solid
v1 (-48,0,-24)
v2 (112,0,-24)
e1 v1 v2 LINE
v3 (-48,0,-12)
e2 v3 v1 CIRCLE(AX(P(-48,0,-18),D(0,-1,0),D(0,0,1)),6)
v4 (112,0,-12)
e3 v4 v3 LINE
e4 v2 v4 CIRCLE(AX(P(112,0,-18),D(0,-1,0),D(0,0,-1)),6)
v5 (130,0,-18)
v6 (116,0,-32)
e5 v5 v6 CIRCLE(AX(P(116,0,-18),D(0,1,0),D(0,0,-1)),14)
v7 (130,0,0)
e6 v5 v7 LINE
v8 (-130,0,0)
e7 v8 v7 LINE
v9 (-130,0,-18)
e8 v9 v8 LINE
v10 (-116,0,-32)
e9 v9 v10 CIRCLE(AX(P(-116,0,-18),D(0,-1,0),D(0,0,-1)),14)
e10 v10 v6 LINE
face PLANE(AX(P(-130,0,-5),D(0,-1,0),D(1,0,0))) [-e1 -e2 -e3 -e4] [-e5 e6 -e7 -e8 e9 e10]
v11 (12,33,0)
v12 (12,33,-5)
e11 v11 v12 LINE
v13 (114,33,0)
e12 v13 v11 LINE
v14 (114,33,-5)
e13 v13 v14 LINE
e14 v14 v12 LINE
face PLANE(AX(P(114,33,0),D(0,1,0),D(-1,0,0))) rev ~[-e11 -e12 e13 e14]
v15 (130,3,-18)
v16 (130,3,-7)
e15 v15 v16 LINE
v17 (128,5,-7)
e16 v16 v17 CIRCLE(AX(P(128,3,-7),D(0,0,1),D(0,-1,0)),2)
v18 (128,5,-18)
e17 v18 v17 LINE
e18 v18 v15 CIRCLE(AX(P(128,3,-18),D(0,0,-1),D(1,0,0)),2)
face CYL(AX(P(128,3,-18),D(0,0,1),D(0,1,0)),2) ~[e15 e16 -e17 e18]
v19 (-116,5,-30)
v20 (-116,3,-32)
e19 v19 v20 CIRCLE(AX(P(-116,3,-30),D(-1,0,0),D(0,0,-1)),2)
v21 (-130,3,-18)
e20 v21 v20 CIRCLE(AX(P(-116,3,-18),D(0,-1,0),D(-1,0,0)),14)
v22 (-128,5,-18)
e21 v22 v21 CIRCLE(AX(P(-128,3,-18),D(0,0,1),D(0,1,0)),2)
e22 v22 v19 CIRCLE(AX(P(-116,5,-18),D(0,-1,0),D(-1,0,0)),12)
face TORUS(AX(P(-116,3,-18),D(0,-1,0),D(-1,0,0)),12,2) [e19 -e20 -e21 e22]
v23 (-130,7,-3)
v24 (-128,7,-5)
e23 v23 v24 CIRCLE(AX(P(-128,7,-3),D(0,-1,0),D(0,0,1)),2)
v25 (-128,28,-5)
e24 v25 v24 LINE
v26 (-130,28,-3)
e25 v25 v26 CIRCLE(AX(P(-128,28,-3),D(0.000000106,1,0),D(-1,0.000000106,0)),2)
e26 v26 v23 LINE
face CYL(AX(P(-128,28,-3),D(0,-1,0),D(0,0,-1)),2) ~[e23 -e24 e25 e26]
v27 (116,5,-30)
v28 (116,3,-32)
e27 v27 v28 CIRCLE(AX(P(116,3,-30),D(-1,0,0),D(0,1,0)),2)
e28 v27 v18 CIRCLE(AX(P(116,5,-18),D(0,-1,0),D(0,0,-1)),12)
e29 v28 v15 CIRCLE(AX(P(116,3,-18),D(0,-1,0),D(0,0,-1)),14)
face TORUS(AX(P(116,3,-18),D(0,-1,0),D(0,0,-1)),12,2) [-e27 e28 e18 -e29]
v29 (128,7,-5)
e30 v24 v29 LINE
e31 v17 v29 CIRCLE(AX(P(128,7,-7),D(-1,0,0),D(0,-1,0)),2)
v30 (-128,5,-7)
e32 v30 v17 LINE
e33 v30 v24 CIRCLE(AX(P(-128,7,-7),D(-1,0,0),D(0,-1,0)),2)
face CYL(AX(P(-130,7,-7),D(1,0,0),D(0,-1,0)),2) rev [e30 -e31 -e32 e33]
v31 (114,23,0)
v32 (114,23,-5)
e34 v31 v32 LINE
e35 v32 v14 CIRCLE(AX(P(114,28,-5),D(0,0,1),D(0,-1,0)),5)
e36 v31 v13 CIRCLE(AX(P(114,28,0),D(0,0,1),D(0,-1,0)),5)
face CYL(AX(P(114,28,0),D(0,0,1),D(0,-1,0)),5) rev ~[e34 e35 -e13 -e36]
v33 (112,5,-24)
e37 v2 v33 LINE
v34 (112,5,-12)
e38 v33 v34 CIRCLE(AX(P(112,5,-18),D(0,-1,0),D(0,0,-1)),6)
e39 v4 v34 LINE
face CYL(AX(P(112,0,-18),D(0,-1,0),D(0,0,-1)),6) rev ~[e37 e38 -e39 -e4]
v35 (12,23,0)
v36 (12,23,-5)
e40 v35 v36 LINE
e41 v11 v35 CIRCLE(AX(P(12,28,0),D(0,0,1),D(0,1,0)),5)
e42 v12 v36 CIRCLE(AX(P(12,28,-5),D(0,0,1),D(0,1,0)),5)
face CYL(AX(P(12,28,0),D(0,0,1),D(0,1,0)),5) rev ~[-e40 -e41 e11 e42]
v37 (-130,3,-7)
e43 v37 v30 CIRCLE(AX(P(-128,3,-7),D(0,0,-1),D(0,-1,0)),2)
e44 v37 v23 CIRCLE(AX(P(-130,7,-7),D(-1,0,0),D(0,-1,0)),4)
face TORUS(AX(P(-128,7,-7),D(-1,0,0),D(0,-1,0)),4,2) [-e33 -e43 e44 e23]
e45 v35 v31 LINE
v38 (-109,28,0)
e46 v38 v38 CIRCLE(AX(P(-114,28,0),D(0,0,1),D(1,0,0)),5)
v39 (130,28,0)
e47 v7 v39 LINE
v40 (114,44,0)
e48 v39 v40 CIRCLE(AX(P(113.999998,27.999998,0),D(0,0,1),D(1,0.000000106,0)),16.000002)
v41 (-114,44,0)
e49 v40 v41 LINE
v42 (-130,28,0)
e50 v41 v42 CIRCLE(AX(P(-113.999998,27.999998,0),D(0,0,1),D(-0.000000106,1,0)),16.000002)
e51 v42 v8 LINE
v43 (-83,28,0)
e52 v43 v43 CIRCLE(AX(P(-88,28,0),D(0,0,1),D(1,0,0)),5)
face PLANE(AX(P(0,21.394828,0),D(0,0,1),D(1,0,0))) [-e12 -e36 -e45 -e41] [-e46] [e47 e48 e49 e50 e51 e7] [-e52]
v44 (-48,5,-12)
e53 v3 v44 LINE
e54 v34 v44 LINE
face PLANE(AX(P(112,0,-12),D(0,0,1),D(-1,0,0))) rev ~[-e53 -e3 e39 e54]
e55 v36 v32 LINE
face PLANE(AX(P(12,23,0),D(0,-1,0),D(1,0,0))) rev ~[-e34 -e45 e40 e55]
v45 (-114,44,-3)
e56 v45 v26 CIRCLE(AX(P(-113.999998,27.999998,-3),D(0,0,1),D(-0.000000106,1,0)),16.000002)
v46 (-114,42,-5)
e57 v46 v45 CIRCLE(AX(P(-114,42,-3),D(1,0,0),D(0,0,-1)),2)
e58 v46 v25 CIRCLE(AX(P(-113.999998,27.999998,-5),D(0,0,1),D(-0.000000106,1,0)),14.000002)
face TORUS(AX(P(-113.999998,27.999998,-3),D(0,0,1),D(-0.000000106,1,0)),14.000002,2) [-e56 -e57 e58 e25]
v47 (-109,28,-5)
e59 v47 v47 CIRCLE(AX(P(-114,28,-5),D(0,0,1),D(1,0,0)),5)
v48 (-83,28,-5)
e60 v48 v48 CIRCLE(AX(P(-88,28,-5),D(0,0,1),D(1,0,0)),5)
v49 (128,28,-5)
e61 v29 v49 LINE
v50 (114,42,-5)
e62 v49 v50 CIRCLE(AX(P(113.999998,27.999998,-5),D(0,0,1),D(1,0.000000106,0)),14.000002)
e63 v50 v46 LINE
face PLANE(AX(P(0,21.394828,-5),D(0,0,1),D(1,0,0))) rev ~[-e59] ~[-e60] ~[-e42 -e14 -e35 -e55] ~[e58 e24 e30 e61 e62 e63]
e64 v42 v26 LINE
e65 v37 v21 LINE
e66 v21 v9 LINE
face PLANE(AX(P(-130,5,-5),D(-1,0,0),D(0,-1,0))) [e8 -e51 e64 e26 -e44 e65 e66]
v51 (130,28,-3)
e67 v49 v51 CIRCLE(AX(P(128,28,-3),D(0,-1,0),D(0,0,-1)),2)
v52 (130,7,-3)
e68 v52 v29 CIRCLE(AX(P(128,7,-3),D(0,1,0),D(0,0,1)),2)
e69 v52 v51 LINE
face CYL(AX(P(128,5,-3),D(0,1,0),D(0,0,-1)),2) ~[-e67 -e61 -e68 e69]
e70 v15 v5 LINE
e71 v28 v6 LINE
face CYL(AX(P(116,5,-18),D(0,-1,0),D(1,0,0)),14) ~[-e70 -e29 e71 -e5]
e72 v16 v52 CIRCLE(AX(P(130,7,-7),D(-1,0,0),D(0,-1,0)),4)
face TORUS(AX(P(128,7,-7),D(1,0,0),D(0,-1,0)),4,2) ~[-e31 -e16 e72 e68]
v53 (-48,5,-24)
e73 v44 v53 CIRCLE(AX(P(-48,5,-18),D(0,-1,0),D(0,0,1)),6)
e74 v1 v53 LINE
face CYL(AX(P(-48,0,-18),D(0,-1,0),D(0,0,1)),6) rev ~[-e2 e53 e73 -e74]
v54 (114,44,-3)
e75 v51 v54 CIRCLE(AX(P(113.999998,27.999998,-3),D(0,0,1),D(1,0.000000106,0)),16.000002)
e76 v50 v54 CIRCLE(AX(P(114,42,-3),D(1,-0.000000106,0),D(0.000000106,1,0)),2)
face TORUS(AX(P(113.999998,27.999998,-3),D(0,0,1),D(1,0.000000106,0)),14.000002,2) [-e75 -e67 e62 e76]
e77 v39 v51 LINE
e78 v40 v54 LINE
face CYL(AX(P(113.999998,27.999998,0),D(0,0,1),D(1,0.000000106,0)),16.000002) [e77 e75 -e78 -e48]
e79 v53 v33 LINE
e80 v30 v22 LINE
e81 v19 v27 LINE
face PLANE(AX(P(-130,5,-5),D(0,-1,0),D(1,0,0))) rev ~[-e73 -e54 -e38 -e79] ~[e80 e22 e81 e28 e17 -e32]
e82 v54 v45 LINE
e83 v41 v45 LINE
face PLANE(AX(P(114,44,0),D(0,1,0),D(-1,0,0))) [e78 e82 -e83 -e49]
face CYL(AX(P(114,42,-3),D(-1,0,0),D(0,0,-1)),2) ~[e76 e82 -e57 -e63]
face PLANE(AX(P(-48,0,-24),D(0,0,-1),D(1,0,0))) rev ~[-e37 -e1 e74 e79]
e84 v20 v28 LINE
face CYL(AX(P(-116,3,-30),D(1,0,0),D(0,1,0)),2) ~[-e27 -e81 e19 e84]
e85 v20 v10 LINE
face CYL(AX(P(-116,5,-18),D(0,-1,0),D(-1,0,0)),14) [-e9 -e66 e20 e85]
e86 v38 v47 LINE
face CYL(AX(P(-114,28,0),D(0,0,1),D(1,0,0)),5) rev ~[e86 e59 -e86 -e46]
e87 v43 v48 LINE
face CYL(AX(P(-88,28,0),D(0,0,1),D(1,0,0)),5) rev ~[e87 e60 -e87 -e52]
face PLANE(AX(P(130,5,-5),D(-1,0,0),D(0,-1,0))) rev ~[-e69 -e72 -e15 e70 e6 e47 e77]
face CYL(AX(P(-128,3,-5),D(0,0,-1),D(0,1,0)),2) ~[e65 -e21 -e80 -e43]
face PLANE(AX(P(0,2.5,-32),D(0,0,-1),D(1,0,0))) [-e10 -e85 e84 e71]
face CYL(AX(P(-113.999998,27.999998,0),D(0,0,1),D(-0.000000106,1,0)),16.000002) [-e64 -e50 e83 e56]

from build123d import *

# Parameters (mm, degrees)
F1_DEPTH = 5
F2_R     = 5
F3_DEPTH = 5
F4_W     = 260
F4_H     = 5
F5_DEPTH = 27
F6_R     = 14
F8_DEPTH = 5
F9_R     = 2


with BuildPart() as f1:
    # F0 (on Top) → F1 (new body)
    with BuildSketch(Plane.XY):
        with BuildLine():
            Line((-130, 0), (130, 0))
            Line((130, 0), (130, 28))
            ThreePointArc((130, 28), (125.313708, 39.313708), (114, 44))
            Line((114, 44), (-114, 44))
            ThreePointArc((-114, 44), (-125.313708, 39.313708), (-130, 28))
            Line((-130, 28), (-130, 0))
        make_face()
    extrude(amount=-F1_DEPTH)

    # F2 (on face) → F3 (cut)
    with BuildSketch(Plane.XY):
        with BuildLine():
            Line((12, 23), (114, 23))
            ThreePointArc((114, 23), (119, 28), (114, 33))
            Line((114, 33), (12, 33))
            ThreePointArc((12, 33), (7, 28), (12, 23))
        make_face()
        with Locations((-88, 28)):
            Circle(F2_R)
        with Locations((-114, 28)):
            Circle(F2_R)
    extrude(amount=-F3_DEPTH, mode=Mode.SUBTRACT)

    # F4 (on face) → F5 (join)
    with BuildSketch(Plane(origin=(0, 0, -5), x_dir=(1, 0, 0), z_dir=(0, 0, -1))):
        with Locations((0, -2.5)):
            Rectangle(F4_W, F4_H)
    extrude(amount=F5_DEPTH)

    # F6
    f6_edges = [f1.edges().sort_by_distance(p)[0] for p in [
        (130, 2.5, -32),
        (-130, 2.5, -32),
    ]]
    fillet(f6_edges, radius=F6_R)

    # F7 (on face) → F8 (cut)
    with BuildSketch(Plane.XZ):
        with BuildLine():
            ThreePointArc((112, -24), (118, -18), (112, -12))
            Line((112, -12), (-48, -12))
            ThreePointArc((-48, -12), (-54, -18), (-48, -24))
            Line((-48, -24), (112, -24))
        make_face()
    extrude(amount=-F8_DEPTH, mode=Mode.SUBTRACT)

    # F9
    f9_edges = [f1.edges().sort_by_distance(p)[0] for p in [
        (0, 5, -32),
        (0, 44, -5),
        (0, 5, -5),
    ]]
    fillet(f9_edges, radius=F9_R)


solid = f1.part
